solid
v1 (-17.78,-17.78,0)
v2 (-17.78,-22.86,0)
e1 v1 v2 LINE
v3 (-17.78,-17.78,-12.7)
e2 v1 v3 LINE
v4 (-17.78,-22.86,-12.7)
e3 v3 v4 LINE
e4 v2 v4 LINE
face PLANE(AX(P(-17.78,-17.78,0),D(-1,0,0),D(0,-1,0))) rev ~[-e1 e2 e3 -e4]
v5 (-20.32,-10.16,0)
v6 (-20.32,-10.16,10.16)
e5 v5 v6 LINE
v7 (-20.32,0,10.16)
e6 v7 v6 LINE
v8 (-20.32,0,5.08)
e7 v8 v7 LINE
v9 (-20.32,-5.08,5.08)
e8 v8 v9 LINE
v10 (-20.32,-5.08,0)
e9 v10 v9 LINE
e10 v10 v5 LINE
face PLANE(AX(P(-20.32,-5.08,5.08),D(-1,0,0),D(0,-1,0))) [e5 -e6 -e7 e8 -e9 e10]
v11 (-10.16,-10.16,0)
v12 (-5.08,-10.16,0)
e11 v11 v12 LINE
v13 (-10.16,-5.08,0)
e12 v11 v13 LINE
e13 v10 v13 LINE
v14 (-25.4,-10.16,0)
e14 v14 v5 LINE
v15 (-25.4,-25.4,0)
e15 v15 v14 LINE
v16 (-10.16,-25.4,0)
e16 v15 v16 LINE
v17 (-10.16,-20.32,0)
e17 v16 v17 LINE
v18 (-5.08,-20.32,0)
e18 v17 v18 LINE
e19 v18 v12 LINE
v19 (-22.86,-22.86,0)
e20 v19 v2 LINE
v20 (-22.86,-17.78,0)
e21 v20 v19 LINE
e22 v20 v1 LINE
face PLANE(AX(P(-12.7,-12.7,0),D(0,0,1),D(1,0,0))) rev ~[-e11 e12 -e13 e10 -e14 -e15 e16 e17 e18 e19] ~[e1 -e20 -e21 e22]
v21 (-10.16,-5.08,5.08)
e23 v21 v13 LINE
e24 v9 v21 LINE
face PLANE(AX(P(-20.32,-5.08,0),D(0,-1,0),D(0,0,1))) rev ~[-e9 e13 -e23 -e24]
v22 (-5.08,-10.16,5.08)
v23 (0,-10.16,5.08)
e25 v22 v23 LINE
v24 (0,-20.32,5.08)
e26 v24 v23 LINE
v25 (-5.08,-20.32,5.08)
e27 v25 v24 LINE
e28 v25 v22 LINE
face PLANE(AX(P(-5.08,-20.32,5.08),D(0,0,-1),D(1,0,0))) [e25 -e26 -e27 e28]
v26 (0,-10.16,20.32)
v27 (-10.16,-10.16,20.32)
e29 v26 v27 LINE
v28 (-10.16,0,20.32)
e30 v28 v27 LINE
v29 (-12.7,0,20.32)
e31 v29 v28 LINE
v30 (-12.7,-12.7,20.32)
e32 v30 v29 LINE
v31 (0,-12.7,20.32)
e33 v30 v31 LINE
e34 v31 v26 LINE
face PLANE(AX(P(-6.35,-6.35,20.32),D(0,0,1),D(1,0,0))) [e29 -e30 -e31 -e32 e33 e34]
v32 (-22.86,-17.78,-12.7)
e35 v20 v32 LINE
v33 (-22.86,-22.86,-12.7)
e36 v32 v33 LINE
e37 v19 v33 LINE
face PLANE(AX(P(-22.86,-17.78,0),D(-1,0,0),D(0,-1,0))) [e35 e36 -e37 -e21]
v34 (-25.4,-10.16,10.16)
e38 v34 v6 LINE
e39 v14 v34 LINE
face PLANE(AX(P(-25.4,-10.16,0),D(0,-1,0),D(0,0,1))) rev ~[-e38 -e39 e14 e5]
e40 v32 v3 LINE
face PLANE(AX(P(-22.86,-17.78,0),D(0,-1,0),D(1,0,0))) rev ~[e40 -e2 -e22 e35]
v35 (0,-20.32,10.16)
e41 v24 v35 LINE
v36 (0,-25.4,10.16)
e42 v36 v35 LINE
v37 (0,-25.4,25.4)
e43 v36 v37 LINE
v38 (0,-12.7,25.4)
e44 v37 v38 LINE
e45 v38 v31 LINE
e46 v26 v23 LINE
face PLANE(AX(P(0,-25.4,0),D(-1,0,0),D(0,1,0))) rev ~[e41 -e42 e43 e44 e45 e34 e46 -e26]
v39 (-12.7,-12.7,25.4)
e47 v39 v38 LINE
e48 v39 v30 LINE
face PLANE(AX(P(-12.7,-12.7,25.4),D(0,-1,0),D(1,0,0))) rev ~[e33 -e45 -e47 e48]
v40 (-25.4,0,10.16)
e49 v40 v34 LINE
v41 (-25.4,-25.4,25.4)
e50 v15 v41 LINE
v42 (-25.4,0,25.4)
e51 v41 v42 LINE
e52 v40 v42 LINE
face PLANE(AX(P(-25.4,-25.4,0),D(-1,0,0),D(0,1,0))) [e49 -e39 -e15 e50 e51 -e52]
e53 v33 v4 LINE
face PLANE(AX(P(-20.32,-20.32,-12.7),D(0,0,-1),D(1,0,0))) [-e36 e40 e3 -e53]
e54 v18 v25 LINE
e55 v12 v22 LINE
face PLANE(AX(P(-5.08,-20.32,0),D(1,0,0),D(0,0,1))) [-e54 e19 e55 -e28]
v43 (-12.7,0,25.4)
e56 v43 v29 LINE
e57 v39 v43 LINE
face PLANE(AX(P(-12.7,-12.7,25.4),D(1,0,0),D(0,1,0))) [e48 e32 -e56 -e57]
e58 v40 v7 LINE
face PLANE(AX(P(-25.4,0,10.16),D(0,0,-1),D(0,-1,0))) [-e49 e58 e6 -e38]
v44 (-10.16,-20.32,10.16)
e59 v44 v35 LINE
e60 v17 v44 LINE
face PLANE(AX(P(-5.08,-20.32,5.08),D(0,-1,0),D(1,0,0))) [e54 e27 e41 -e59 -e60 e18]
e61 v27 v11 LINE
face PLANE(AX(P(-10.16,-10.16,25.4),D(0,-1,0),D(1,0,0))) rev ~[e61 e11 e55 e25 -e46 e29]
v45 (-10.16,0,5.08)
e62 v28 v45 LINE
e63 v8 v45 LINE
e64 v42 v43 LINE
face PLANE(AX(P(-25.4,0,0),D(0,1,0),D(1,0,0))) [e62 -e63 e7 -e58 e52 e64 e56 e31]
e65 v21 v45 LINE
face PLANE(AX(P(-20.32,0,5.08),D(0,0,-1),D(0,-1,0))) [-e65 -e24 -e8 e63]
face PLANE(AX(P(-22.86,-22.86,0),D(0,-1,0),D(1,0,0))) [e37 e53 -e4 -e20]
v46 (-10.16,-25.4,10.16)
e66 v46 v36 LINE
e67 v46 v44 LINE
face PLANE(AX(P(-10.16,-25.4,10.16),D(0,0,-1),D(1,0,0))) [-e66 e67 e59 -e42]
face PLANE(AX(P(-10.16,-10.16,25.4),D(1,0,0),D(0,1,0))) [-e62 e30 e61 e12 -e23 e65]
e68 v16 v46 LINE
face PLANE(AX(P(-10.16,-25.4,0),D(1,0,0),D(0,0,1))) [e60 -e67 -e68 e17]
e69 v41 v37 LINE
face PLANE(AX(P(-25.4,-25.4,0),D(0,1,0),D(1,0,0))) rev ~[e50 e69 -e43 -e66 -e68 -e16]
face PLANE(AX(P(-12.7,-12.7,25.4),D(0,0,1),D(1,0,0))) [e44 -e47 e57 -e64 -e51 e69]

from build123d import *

# Parameters (mm, degrees)
F0_W      = 25.4
F0_H      = 25.4
F1_DEPTH  = 25.4
F2_W      = 10.16
F2_H      = 10.16
F3_DEPTH  = 5.08
F4_W      = 10.16
F4_H      = 10.16
F5_DEPTH  = 25.4
F6_W      = 5.08
F6_H      = 5.08
F7_DEPTH  = 12.7
F8_W      = 10.16
F8_H      = 10.16
F9_DEPTH  = 5.08
F10_W     = 5.08
F10_H     = 5.08
F11_DEPTH = 25.4
F12_W     = 5.08
F12_H     = 5.08
F13_DEPTH = 25.4
F14_W     = 12.7
F14_H     = 12.7
F15_DEPTH = 5.08


with BuildPart() as f1:
    # F0 (on Top) → F1 (new body)
    with BuildSketch(Plane.XY):
        with Locations((-12.7, -12.7)):
            Rectangle(F0_W, F0_H)
    extrude(amount=F1_DEPTH)

    # F2 (on face) → F3 (cut)
    with BuildSketch(Plane(origin=(-25.4, 0, 0), x_dir=(0, -1, 0), z_dir=(-1, 0, 0))):
        with Locations((5.08, 5.08)):
            Rectangle(F2_W, F2_H)
    extrude(amount=-F3_DEPTH, mode=Mode.SUBTRACT)

    # F4 (on face) → F5 (cut)
    with BuildSketch(Plane.XY.offset(25.4)):
        with Locations((-5.08, -5.08)):
            Rectangle(F4_W, F4_H)
    extrude(amount=-F5_DEPTH, mode=Mode.SUBTRACT)

    # F6 (on face) → F7 (join)
    with BuildSketch(Plane(origin=(0, 0, 0), x_dir=(1, 0, 0), z_dir=(0, 0, -1))):
        with Locations((-20.32, 20.32)):
            Rectangle(F6_W, F6_H)
    extrude(amount=F7_DEPTH)

    # F8 (on face) → F9 (cut)
    with BuildSketch(Plane.XZ.offset(25.4)):
        with Locations((-5.08, 5.08)):
            Rectangle(F8_W, F8_H)
    extrude(amount=-F9_DEPTH, mode=Mode.SUBTRACT)

    # F10 (on face) → F11 (cut)
    with BuildSketch(Plane.XZ.offset(20.32)):
        with Locations((-2.54, 2.54)):
            Rectangle(F10_W, F10_H)
    extrude(amount=-F11_DEPTH, mode=Mode.SUBTRACT)

    # F12 (on face) → F13 (cut)
    with BuildSketch(Plane(origin=(-20.32, 0, 0), x_dir=(0, -1, 0), z_dir=(-1, 0, 0))):
        with Locations((2.54, 2.54)):
            Rectangle(F12_W, F12_H)
    extrude(amount=-F13_DEPTH, mode=Mode.SUBTRACT)

    # F14 (on face) → F15 (cut)
    with BuildSketch(Plane.XY.offset(25.4)):
        with Locations((-6.35, -6.35)):
            Rectangle(F14_W, F14_H)
    extrude(amount=-F15_DEPTH, mode=Mode.SUBTRACT)


solid = f1.part
